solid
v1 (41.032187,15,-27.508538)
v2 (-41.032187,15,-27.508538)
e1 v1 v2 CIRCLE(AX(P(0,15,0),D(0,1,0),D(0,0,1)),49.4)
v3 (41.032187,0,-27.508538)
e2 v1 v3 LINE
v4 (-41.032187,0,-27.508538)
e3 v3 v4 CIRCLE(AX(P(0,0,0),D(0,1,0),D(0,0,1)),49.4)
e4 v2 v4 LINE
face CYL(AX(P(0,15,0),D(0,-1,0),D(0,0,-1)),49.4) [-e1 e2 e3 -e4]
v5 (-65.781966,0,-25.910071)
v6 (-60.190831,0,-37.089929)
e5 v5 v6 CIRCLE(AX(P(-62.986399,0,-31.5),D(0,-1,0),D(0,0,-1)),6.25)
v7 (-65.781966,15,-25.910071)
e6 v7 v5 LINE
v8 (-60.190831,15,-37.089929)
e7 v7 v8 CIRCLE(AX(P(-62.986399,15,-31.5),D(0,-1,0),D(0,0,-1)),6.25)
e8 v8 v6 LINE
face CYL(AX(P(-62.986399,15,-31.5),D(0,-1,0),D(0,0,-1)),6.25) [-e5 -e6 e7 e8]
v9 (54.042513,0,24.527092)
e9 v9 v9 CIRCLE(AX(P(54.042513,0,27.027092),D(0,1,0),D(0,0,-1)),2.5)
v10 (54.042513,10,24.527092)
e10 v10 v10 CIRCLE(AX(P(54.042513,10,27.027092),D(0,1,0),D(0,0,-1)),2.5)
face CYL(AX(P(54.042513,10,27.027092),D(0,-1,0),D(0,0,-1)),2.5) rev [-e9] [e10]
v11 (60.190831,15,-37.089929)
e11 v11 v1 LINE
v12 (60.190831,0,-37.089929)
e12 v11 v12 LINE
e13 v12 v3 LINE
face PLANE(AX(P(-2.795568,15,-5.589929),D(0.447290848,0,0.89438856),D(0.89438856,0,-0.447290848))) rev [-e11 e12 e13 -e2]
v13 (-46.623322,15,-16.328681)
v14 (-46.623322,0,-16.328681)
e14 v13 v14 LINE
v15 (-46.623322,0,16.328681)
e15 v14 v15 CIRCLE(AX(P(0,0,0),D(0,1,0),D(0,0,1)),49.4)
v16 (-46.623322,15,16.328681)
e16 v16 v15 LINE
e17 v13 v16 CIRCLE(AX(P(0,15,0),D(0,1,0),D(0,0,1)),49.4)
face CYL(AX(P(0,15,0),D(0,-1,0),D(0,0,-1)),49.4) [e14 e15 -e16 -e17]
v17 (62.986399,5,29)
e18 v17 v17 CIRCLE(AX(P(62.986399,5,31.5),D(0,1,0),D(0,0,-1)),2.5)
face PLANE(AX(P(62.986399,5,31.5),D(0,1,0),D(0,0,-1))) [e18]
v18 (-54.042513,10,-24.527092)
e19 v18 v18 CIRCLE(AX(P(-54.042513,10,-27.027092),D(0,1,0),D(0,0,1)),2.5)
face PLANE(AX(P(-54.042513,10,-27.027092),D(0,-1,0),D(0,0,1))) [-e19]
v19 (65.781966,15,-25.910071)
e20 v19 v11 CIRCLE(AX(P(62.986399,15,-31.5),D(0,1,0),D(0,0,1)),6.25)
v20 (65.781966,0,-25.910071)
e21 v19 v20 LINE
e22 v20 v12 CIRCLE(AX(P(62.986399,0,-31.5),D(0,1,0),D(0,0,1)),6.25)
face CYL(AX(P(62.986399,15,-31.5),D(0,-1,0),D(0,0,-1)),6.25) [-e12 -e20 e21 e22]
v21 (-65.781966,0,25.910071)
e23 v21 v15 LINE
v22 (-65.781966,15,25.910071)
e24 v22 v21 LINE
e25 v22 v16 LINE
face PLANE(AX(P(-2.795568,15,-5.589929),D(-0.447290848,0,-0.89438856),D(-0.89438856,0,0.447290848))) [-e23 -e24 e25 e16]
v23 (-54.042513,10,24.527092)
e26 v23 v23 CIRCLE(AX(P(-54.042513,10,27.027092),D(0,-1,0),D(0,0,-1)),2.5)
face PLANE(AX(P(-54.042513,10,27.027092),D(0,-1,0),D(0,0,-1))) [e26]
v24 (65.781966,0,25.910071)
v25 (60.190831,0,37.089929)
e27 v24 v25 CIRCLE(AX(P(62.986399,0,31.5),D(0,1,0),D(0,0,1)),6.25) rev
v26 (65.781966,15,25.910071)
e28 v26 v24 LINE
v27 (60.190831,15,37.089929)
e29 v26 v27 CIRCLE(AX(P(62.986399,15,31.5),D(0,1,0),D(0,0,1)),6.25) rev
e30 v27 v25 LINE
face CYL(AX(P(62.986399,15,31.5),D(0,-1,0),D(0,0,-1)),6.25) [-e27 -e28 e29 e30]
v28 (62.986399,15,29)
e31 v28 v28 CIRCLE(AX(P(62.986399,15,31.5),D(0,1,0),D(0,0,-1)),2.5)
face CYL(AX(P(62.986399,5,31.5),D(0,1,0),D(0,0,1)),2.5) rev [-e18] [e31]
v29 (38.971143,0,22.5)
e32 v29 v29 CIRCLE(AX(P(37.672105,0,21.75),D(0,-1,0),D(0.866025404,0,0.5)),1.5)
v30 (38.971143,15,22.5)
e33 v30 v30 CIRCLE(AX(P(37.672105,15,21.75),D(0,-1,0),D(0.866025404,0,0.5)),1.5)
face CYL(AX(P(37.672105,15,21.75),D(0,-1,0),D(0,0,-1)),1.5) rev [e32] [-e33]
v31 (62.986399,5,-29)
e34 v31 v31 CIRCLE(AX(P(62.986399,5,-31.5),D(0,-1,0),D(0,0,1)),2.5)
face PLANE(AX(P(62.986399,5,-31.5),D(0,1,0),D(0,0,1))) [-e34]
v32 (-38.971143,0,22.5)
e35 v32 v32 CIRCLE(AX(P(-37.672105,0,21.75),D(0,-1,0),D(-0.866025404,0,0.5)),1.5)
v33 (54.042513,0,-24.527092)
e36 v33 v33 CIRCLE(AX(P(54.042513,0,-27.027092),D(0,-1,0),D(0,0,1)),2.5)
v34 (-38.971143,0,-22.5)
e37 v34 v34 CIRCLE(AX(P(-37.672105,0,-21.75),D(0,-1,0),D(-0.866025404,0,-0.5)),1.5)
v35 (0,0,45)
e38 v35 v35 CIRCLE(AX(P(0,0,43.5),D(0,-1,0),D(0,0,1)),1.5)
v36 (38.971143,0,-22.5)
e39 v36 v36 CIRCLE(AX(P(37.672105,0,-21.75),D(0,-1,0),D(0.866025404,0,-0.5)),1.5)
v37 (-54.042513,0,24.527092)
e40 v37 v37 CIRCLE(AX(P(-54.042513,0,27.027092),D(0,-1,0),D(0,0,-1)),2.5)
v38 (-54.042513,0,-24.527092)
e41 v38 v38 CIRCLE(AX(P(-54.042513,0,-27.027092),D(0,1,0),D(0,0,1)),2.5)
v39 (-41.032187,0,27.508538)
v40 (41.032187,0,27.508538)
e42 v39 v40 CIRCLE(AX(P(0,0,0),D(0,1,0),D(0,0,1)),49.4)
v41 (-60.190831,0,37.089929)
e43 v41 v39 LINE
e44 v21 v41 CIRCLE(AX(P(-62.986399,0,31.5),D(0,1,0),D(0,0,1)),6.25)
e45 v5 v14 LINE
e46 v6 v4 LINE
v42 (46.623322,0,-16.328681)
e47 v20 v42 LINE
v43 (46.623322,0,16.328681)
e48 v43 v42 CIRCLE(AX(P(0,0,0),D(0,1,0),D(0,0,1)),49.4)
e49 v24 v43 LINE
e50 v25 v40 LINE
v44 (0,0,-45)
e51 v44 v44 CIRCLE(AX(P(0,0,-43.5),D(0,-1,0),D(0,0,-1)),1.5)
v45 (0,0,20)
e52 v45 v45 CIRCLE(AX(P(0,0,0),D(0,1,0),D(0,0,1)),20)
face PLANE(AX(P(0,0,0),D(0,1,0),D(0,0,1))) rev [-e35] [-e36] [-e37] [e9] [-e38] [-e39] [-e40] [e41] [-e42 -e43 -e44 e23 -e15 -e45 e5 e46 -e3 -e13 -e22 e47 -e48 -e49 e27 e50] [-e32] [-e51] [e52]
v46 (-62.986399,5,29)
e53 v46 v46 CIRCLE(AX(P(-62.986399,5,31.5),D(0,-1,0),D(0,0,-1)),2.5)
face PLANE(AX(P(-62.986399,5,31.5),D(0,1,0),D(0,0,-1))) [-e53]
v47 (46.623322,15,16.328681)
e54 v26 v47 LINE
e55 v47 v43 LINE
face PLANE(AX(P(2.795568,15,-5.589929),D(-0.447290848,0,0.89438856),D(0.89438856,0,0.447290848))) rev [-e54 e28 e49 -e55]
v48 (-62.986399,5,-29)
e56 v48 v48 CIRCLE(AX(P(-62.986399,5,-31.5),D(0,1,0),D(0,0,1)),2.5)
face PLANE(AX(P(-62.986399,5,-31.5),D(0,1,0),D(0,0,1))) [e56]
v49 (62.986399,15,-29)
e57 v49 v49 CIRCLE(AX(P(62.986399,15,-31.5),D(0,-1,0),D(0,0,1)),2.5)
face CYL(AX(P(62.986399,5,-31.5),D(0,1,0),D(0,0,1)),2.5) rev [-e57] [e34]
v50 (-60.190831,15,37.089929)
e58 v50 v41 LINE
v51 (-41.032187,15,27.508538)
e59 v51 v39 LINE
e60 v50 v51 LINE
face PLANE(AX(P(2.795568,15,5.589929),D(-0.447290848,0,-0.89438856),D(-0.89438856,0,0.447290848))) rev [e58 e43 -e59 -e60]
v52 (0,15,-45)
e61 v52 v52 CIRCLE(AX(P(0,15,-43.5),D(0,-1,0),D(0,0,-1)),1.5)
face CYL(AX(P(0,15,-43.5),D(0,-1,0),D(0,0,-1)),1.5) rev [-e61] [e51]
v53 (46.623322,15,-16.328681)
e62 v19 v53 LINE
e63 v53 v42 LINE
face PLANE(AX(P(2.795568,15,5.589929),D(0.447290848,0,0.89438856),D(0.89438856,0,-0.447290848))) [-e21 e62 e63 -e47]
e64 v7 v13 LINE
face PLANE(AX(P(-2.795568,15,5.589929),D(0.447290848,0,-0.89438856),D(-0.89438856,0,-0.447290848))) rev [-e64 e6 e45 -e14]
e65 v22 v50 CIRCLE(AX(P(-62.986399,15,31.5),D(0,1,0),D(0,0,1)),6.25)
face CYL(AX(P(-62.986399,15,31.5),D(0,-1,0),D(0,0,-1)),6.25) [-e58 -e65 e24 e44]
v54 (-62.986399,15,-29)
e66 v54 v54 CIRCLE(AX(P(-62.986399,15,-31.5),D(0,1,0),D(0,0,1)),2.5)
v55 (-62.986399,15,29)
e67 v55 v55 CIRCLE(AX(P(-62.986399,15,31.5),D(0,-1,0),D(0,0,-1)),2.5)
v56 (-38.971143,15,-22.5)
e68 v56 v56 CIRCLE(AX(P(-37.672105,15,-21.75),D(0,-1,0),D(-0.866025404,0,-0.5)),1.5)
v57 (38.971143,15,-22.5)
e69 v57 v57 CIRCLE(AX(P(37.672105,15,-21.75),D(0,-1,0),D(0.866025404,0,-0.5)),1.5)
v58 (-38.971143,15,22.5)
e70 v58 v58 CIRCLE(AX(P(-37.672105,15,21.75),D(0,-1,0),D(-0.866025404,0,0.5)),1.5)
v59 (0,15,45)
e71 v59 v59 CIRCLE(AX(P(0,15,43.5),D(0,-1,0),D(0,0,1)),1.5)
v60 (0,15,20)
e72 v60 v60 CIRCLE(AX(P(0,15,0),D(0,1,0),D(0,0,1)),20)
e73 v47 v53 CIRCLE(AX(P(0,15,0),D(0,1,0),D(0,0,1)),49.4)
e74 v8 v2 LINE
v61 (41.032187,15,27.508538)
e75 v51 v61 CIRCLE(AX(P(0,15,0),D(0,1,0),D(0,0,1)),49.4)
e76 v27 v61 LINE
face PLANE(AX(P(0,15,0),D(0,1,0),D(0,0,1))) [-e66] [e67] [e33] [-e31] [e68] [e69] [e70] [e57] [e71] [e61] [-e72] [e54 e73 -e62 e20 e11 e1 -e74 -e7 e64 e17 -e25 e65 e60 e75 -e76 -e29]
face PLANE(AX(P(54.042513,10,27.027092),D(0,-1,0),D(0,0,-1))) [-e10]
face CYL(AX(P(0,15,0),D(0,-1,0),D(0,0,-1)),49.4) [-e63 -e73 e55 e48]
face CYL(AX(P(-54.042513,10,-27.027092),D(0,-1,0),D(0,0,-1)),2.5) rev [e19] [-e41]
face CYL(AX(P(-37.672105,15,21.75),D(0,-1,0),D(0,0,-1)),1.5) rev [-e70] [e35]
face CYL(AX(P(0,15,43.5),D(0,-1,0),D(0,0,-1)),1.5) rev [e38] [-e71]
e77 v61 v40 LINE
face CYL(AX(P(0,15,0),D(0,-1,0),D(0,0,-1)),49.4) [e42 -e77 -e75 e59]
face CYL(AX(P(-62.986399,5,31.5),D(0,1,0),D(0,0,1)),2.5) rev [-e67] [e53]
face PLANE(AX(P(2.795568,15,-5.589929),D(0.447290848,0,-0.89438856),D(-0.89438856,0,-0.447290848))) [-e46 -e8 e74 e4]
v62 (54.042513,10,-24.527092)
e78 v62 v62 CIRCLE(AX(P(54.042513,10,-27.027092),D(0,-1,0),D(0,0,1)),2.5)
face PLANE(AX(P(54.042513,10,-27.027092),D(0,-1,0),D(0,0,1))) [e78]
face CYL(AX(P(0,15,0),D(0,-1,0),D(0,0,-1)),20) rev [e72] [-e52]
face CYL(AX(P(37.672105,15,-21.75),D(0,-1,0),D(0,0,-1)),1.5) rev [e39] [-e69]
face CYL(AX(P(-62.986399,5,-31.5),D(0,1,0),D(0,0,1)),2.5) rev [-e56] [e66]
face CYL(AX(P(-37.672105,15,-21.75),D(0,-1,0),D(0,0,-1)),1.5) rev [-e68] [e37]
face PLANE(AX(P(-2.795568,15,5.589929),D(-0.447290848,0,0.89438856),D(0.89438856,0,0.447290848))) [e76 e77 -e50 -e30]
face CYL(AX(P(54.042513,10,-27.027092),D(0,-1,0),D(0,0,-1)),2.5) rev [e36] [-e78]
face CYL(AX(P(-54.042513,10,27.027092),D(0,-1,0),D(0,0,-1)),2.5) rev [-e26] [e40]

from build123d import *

# Parameters (mm, degrees)
SKETCH_1_R               = 20
EXTRUDE_1_DEPTH          = 15
SKETCH_2_R               = 2.5
CUT_EXTRUDE_1_DEPTH      = 10
MIRROR_2_COPY_1_SKETCH_R = 2.5
MIRROR_2_COPY_1_DEPTH    = 10
SKETCH_3_R               = 2.5
CUT_EXTRUDE_2_DEPTH      = 10
MIRROR_4_COPY_1_SKETCH_R = 2.5
MIRROR_4_COPY_1_DEPTH    = 10
SKETCH_4_R               = 1.5
CUT_EXTRUDE_3_DEPTH      = 87.365727496
PATTERN_CIRCULAR_1_COUNT = 6


with BuildPart() as part:
    # 草图1 → 凸台-拉伸1 (new body)
    with BuildSketch(Plane(origin=(0, 0, 0), x_dir=(1, 0, 0), z_dir=(0, 1, 0))):
        with BuildLine():
            Line((46.623322285, 16.328680875), (65.781966365, 25.910071498))
            ThreePointArc((65.781966365, 25.910071498), (68.576327064, 34.295567803), (60.190830759, 37.089928502))
            Line((60.190830759, 37.089928502), (41.03218668, 27.50853788))
            ThreePointArc((41.03218668, 27.50853788), (0, 49.4), (-41.03218668, 27.50853788))
            Line((-41.03218668, 27.50853788), (-60.190830759, 37.089928502))
            ThreePointArc((-60.190830759, 37.089928502), (-68.576327064, 34.295567803), (-65.781966365, 25.910071498))
            Line((-65.781966365, 25.910071498), (-46.623322285, 16.328680875))
            ThreePointArc((-46.623322285, 16.328680875), (-49.4, 0), (-46.623322285, -16.328680875))
            Line((-46.623322285, -16.328680875), (-65.781966365, -25.910071498))
            ThreePointArc((-65.781966365, -25.910071498), (-68.576327064, -34.295567803), (-60.190830759, -37.089928502))
            Line((-60.190830759, -37.089928502), (-41.03218668, -27.50853788))
            ThreePointArc((-41.03218668, -27.50853788), (0, -49.4), (41.03218668, -27.50853788))
            Line((41.03218668, -27.50853788), (60.190830759, -37.089928502))
            ThreePointArc((60.190830759, -37.089928502), (68.576327064, -34.295567803), (65.781966365, -25.910071498))
            Line((65.781966365, -25.910071498), (46.623322285, -16.328680875))
            ThreePointArc((46.623322285, -16.328680875), (49.4, 0), (46.623322285, 16.328680875))
        make_face()
        with Locations(Location((0, 0, 0), (0, 0, 270))):
            Circle(SKETCH_1_R, mode=Mode.SUBTRACT)
    extrude(amount=EXTRUDE_1_DEPTH)

    # 草图2 → 切除-拉伸1 (cut)
    with BuildSketch(Plane(origin=(0, 15, 0), x_dir=(1, 0, 0), z_dir=(0, 1, 0))):
        with Locations(Location((-62.986398562, 31.5, 0), (0, 0, 270))):
            Circle(SKETCH_2_R)
    cut_extrude_1 = extrude(amount=-CUT_EXTRUDE_1_DEPTH, mode=Mode.SUBTRACT)

    # 镜向1: 切除-拉伸1 across plane
    add(cut_extrude_1.mirror(Plane.XY), mode=Mode.SUBTRACT)

    # 镜向2: 切除-拉伸1 across plane
    add(cut_extrude_1.mirror(Plane(origin=(0, 0, 0), x_dir=(0, 0, 1), z_dir=(1, 0, 0))), mode=Mode.SUBTRACT)

    # 镜向2 copy 1 sketch → 镜向2 copy 1 (cut)
    with BuildSketch(Plane(origin=(0, 15, 0), x_dir=(-1, 0, 0), z_dir=(0, 1, 0))):
        with Locations(Location((-62.986398562, 31.5, 0), (0, 0, 270))):
            Circle(MIRROR_2_COPY_1_SKETCH_R)
    extrude(amount=-MIRROR_2_COPY_1_DEPTH, mode=Mode.SUBTRACT)

    # 草图3 → 切除-拉伸2 (cut)
    with BuildSketch(Plane.XZ):
        with Locations(Location((-54.042512958, 27.027091516, 0), (0, 0, 270))):
            Circle(SKETCH_3_R)
    cut_extrude_2 = extrude(amount=-CUT_EXTRUDE_2_DEPTH, mode=Mode.SUBTRACT)

    # 镜向3: 切除-拉伸2 across plane
    add(cut_extrude_2.mirror(Plane(origin=(0, 0, 0), x_dir=(0, 0, 1), z_dir=(1, 0, 0))), mode=Mode.SUBTRACT)

    # 镜向4: 切除-拉伸2 across plane
    add(cut_extrude_2.mirror(Plane.XY), mode=Mode.SUBTRACT)

    # 镜向4 copy 1 sketch → 镜向4 copy 1 (cut)
    with BuildSketch(Plane(origin=(0, 0, 0), x_dir=(-1, 0, 0), z_dir=(0, -1, 0))):
        with Locations(Location((-54.042512958, 27.027091516, 0), (0, 0, 270))):
            Circle(MIRROR_4_COPY_1_SKETCH_R)
    extrude(amount=-MIRROR_4_COPY_1_DEPTH, mode=Mode.SUBTRACT)

    # 草图4 → 切除-拉伸3 (cut, through all)
    with BuildSketch(Plane.XZ):
        with Locations(Location((0, -43.5, 0), (0, 0, 270))):
            Circle(SKETCH_4_R)
    cut_extrude_3 = extrude(amount=-CUT_EXTRUDE_3_DEPTH, mode=Mode.SUBTRACT)

    # 阵列(圆周)1: 切除-拉伸3 ×6 about axis
    pattern_circular_1_axis = Axis((0, 0, 0), (0, 1, 0))
    for i in range(1, PATTERN_CIRCULAR_1_COUNT):
        add(cut_extrude_3.rotate(pattern_circular_1_axis, i * 360 / PATTERN_CIRCULAR_1_COUNT), mode=Mode.SUBTRACT)


solid = part.part
